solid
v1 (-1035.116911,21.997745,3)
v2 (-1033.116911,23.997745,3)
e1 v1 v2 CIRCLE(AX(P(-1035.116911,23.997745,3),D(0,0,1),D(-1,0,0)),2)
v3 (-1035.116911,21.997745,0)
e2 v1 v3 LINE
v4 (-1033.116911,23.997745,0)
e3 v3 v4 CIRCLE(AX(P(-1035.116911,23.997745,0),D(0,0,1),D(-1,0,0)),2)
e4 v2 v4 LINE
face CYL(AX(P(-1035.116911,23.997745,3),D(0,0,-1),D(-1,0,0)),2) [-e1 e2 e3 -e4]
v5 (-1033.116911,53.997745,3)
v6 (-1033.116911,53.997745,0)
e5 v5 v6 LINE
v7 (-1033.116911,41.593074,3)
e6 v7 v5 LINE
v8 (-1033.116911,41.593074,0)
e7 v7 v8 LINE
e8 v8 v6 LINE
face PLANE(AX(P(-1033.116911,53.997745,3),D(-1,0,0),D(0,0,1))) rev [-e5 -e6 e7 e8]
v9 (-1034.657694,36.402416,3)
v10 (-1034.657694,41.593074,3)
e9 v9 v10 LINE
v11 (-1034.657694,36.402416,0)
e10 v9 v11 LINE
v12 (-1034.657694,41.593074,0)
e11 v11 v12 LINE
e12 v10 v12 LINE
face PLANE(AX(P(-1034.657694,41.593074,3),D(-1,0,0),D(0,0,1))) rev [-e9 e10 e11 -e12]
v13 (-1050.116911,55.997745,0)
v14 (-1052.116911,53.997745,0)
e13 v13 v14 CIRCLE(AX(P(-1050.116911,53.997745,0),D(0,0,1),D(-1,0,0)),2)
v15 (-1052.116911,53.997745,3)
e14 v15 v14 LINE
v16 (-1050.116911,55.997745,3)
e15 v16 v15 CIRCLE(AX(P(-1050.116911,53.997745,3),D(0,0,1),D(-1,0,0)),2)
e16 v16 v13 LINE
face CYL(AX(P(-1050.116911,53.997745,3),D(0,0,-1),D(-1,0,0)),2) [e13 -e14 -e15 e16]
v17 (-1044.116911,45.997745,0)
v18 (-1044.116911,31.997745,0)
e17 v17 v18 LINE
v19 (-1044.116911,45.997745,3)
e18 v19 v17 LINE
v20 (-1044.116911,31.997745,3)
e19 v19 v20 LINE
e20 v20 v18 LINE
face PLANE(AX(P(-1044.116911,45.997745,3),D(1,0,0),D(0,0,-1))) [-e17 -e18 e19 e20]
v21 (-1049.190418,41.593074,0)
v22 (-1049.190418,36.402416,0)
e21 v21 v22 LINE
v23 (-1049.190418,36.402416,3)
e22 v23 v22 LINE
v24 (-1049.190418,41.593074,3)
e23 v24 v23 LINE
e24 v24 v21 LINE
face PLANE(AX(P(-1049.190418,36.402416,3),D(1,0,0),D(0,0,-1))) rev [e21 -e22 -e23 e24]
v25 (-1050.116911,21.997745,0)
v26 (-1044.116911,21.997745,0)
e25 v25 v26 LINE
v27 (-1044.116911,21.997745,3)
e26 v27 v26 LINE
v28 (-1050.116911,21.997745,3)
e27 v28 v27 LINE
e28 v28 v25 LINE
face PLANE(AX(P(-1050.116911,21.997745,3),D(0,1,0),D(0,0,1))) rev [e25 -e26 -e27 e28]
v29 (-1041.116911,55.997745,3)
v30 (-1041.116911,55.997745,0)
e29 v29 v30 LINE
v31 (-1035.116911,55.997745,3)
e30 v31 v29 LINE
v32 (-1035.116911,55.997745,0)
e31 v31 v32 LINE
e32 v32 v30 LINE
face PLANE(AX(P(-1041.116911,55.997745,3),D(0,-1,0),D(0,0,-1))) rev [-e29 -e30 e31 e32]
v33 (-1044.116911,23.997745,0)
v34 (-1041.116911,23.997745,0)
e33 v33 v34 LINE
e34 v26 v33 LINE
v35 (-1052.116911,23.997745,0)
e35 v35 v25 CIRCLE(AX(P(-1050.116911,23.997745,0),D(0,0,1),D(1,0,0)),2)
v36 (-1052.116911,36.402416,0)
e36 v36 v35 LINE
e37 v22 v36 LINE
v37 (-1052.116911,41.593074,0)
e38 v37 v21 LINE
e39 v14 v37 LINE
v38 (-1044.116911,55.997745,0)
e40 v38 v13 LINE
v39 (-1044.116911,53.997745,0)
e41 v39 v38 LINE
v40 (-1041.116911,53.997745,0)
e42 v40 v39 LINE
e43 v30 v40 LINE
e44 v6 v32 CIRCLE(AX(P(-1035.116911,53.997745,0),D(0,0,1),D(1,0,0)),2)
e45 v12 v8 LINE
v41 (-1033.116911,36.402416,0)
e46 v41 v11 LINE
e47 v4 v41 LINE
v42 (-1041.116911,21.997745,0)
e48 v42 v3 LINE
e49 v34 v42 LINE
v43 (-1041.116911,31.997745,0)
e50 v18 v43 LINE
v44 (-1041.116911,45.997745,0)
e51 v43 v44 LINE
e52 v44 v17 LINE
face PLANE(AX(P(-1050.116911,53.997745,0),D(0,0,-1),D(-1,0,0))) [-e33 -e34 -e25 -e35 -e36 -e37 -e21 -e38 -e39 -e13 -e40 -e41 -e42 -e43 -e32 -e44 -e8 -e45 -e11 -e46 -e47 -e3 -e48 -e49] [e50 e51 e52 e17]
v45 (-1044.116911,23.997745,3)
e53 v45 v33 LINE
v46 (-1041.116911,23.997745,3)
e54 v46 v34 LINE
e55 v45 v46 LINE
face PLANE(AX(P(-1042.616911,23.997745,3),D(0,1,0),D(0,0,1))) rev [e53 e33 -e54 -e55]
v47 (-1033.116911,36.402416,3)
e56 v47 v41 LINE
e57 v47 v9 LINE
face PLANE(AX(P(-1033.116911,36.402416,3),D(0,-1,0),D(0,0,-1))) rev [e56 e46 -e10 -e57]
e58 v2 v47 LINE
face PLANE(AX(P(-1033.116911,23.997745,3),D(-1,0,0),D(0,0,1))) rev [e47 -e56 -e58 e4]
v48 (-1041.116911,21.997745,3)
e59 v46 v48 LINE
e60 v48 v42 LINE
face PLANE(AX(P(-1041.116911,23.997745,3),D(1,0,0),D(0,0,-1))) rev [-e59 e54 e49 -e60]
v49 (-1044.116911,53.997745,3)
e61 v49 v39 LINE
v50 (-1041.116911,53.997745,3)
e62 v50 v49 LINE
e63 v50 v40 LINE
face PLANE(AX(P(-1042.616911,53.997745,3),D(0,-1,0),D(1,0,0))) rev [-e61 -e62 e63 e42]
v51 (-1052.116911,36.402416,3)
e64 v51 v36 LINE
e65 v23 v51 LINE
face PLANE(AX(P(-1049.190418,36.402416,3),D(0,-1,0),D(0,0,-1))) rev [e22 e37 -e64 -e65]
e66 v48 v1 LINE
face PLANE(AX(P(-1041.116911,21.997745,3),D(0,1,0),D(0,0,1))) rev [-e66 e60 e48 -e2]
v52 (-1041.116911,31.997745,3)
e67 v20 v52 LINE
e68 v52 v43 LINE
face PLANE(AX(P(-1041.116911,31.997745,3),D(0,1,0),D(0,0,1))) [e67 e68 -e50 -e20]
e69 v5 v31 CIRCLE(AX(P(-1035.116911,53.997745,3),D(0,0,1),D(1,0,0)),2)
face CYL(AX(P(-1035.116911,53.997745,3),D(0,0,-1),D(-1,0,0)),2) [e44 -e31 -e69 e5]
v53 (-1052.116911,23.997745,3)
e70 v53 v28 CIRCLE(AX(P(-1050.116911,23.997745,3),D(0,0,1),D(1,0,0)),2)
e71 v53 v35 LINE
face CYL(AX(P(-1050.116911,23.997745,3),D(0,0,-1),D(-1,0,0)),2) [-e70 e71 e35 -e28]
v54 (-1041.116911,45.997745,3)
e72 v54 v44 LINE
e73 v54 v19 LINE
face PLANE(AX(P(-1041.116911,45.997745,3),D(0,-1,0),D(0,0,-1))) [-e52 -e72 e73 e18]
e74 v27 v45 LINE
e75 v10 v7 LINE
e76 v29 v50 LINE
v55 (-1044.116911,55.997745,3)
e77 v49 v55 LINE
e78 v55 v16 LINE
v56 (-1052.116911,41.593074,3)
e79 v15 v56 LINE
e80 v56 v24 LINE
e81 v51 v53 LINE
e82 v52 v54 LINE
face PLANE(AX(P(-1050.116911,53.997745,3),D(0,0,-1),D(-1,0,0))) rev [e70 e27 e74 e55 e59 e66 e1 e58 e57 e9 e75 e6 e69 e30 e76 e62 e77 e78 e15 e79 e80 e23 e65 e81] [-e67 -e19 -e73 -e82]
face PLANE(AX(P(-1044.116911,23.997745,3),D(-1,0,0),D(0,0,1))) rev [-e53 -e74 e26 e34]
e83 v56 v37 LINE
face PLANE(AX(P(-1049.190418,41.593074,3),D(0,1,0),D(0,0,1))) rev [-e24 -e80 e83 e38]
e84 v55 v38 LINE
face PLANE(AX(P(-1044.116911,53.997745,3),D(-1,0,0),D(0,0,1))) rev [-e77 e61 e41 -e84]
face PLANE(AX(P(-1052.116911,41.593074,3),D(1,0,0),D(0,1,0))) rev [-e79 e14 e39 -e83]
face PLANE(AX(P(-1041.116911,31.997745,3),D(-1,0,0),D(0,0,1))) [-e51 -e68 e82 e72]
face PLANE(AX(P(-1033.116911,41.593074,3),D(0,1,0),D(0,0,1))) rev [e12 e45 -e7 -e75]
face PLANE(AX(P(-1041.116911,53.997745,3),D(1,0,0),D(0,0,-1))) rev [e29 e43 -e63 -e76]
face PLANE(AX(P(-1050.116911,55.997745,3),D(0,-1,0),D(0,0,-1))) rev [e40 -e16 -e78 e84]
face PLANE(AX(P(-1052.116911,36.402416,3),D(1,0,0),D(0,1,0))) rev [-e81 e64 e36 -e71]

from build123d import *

# Parameters (mm, degrees)
SKETCH1_W          = 3
SKETCH1_H          = 14
BASE_EXTRUDE_DEPTH = 3


with BuildPart() as part:
    # Sketch1 → Base-Extrude (new body)
    with BuildSketch(Plane.XY):
        with BuildLine():
            Line((-1033.116910611, 53.997744838), (-1033.116910611, 41.593073912))
            Line((-1033.116910611, 41.593073912), (-1034.65769353, 41.593073912))
            Line((-1034.65769353, 41.593073912), (-1034.65769353, 36.402415763))
            Line((-1034.65769353, 36.402415763), (-1033.116910611, 36.402415763))
            Line((-1033.116910611, 36.402415763), (-1033.116910611, 23.997744838))
            ThreePointArc((-1033.116910611, 23.997744838), (-1033.702697049, 22.583531275), (-1035.116910611, 21.997744838))
            Line((-1035.116910611, 21.997744838), (-1041.116910611, 21.997744838))
            Line((-1041.116910611, 21.997744838), (-1041.116910611, 23.997744838))
            Line((-1041.116910611, 23.997744838), (-1042.616910611, 23.997744838))
            Line((-1042.616910611, 23.997744838), (-1044.116910611, 23.997744838))
            Line((-1044.116910611, 23.997744838), (-1044.116910611, 21.997744838))
            Line((-1044.116910611, 21.997744838), (-1050.116910611, 21.997744838))
            ThreePointArc((-1050.116910611, 21.997744838), (-1051.531124173, 22.583531275), (-1052.116910611, 23.997744838))
            Line((-1052.116910611, 23.997744838), (-1052.116910611, 36.402415763))
            Line((-1052.116910611, 36.402415763), (-1049.190418334, 36.402415763))
            Line((-1049.190418334, 36.402415763), (-1049.190418334, 41.593073912))
            Line((-1049.190418334, 41.593073912), (-1052.116910611, 41.593073912))
            Line((-1052.116910611, 41.593073912), (-1052.116910611, 53.997744838))
            ThreePointArc((-1052.116910611, 53.997744838), (-1051.531124173, 55.4119584), (-1050.116910611, 55.997744838))
            Line((-1050.116910611, 55.997744838), (-1044.116910611, 55.997744838))
            Line((-1044.116910611, 55.997744838), (-1044.116910611, 53.997744838))
            Line((-1044.116910611, 53.997744838), (-1042.616910611, 53.997744838))
            Line((-1042.616910611, 53.997744838), (-1041.116910611, 53.997744838))
            Line((-1041.116910611, 53.997744838), (-1041.116910611, 55.997744838))
            Line((-1041.116910611, 55.997744838), (-1035.116910611, 55.997744838))
            ThreePointArc((-1035.116910611, 55.997744838), (-1033.702697049, 55.4119584), (-1033.116910611, 53.997744838))
        make_face()
        with Locations((-1042.616910611, 38.997744838)):
            Rectangle(SKETCH1_W, SKETCH1_H, mode=Mode.SUBTRACT)
    extrude(amount=BASE_EXTRUDE_DEPTH)


solid = part.part
